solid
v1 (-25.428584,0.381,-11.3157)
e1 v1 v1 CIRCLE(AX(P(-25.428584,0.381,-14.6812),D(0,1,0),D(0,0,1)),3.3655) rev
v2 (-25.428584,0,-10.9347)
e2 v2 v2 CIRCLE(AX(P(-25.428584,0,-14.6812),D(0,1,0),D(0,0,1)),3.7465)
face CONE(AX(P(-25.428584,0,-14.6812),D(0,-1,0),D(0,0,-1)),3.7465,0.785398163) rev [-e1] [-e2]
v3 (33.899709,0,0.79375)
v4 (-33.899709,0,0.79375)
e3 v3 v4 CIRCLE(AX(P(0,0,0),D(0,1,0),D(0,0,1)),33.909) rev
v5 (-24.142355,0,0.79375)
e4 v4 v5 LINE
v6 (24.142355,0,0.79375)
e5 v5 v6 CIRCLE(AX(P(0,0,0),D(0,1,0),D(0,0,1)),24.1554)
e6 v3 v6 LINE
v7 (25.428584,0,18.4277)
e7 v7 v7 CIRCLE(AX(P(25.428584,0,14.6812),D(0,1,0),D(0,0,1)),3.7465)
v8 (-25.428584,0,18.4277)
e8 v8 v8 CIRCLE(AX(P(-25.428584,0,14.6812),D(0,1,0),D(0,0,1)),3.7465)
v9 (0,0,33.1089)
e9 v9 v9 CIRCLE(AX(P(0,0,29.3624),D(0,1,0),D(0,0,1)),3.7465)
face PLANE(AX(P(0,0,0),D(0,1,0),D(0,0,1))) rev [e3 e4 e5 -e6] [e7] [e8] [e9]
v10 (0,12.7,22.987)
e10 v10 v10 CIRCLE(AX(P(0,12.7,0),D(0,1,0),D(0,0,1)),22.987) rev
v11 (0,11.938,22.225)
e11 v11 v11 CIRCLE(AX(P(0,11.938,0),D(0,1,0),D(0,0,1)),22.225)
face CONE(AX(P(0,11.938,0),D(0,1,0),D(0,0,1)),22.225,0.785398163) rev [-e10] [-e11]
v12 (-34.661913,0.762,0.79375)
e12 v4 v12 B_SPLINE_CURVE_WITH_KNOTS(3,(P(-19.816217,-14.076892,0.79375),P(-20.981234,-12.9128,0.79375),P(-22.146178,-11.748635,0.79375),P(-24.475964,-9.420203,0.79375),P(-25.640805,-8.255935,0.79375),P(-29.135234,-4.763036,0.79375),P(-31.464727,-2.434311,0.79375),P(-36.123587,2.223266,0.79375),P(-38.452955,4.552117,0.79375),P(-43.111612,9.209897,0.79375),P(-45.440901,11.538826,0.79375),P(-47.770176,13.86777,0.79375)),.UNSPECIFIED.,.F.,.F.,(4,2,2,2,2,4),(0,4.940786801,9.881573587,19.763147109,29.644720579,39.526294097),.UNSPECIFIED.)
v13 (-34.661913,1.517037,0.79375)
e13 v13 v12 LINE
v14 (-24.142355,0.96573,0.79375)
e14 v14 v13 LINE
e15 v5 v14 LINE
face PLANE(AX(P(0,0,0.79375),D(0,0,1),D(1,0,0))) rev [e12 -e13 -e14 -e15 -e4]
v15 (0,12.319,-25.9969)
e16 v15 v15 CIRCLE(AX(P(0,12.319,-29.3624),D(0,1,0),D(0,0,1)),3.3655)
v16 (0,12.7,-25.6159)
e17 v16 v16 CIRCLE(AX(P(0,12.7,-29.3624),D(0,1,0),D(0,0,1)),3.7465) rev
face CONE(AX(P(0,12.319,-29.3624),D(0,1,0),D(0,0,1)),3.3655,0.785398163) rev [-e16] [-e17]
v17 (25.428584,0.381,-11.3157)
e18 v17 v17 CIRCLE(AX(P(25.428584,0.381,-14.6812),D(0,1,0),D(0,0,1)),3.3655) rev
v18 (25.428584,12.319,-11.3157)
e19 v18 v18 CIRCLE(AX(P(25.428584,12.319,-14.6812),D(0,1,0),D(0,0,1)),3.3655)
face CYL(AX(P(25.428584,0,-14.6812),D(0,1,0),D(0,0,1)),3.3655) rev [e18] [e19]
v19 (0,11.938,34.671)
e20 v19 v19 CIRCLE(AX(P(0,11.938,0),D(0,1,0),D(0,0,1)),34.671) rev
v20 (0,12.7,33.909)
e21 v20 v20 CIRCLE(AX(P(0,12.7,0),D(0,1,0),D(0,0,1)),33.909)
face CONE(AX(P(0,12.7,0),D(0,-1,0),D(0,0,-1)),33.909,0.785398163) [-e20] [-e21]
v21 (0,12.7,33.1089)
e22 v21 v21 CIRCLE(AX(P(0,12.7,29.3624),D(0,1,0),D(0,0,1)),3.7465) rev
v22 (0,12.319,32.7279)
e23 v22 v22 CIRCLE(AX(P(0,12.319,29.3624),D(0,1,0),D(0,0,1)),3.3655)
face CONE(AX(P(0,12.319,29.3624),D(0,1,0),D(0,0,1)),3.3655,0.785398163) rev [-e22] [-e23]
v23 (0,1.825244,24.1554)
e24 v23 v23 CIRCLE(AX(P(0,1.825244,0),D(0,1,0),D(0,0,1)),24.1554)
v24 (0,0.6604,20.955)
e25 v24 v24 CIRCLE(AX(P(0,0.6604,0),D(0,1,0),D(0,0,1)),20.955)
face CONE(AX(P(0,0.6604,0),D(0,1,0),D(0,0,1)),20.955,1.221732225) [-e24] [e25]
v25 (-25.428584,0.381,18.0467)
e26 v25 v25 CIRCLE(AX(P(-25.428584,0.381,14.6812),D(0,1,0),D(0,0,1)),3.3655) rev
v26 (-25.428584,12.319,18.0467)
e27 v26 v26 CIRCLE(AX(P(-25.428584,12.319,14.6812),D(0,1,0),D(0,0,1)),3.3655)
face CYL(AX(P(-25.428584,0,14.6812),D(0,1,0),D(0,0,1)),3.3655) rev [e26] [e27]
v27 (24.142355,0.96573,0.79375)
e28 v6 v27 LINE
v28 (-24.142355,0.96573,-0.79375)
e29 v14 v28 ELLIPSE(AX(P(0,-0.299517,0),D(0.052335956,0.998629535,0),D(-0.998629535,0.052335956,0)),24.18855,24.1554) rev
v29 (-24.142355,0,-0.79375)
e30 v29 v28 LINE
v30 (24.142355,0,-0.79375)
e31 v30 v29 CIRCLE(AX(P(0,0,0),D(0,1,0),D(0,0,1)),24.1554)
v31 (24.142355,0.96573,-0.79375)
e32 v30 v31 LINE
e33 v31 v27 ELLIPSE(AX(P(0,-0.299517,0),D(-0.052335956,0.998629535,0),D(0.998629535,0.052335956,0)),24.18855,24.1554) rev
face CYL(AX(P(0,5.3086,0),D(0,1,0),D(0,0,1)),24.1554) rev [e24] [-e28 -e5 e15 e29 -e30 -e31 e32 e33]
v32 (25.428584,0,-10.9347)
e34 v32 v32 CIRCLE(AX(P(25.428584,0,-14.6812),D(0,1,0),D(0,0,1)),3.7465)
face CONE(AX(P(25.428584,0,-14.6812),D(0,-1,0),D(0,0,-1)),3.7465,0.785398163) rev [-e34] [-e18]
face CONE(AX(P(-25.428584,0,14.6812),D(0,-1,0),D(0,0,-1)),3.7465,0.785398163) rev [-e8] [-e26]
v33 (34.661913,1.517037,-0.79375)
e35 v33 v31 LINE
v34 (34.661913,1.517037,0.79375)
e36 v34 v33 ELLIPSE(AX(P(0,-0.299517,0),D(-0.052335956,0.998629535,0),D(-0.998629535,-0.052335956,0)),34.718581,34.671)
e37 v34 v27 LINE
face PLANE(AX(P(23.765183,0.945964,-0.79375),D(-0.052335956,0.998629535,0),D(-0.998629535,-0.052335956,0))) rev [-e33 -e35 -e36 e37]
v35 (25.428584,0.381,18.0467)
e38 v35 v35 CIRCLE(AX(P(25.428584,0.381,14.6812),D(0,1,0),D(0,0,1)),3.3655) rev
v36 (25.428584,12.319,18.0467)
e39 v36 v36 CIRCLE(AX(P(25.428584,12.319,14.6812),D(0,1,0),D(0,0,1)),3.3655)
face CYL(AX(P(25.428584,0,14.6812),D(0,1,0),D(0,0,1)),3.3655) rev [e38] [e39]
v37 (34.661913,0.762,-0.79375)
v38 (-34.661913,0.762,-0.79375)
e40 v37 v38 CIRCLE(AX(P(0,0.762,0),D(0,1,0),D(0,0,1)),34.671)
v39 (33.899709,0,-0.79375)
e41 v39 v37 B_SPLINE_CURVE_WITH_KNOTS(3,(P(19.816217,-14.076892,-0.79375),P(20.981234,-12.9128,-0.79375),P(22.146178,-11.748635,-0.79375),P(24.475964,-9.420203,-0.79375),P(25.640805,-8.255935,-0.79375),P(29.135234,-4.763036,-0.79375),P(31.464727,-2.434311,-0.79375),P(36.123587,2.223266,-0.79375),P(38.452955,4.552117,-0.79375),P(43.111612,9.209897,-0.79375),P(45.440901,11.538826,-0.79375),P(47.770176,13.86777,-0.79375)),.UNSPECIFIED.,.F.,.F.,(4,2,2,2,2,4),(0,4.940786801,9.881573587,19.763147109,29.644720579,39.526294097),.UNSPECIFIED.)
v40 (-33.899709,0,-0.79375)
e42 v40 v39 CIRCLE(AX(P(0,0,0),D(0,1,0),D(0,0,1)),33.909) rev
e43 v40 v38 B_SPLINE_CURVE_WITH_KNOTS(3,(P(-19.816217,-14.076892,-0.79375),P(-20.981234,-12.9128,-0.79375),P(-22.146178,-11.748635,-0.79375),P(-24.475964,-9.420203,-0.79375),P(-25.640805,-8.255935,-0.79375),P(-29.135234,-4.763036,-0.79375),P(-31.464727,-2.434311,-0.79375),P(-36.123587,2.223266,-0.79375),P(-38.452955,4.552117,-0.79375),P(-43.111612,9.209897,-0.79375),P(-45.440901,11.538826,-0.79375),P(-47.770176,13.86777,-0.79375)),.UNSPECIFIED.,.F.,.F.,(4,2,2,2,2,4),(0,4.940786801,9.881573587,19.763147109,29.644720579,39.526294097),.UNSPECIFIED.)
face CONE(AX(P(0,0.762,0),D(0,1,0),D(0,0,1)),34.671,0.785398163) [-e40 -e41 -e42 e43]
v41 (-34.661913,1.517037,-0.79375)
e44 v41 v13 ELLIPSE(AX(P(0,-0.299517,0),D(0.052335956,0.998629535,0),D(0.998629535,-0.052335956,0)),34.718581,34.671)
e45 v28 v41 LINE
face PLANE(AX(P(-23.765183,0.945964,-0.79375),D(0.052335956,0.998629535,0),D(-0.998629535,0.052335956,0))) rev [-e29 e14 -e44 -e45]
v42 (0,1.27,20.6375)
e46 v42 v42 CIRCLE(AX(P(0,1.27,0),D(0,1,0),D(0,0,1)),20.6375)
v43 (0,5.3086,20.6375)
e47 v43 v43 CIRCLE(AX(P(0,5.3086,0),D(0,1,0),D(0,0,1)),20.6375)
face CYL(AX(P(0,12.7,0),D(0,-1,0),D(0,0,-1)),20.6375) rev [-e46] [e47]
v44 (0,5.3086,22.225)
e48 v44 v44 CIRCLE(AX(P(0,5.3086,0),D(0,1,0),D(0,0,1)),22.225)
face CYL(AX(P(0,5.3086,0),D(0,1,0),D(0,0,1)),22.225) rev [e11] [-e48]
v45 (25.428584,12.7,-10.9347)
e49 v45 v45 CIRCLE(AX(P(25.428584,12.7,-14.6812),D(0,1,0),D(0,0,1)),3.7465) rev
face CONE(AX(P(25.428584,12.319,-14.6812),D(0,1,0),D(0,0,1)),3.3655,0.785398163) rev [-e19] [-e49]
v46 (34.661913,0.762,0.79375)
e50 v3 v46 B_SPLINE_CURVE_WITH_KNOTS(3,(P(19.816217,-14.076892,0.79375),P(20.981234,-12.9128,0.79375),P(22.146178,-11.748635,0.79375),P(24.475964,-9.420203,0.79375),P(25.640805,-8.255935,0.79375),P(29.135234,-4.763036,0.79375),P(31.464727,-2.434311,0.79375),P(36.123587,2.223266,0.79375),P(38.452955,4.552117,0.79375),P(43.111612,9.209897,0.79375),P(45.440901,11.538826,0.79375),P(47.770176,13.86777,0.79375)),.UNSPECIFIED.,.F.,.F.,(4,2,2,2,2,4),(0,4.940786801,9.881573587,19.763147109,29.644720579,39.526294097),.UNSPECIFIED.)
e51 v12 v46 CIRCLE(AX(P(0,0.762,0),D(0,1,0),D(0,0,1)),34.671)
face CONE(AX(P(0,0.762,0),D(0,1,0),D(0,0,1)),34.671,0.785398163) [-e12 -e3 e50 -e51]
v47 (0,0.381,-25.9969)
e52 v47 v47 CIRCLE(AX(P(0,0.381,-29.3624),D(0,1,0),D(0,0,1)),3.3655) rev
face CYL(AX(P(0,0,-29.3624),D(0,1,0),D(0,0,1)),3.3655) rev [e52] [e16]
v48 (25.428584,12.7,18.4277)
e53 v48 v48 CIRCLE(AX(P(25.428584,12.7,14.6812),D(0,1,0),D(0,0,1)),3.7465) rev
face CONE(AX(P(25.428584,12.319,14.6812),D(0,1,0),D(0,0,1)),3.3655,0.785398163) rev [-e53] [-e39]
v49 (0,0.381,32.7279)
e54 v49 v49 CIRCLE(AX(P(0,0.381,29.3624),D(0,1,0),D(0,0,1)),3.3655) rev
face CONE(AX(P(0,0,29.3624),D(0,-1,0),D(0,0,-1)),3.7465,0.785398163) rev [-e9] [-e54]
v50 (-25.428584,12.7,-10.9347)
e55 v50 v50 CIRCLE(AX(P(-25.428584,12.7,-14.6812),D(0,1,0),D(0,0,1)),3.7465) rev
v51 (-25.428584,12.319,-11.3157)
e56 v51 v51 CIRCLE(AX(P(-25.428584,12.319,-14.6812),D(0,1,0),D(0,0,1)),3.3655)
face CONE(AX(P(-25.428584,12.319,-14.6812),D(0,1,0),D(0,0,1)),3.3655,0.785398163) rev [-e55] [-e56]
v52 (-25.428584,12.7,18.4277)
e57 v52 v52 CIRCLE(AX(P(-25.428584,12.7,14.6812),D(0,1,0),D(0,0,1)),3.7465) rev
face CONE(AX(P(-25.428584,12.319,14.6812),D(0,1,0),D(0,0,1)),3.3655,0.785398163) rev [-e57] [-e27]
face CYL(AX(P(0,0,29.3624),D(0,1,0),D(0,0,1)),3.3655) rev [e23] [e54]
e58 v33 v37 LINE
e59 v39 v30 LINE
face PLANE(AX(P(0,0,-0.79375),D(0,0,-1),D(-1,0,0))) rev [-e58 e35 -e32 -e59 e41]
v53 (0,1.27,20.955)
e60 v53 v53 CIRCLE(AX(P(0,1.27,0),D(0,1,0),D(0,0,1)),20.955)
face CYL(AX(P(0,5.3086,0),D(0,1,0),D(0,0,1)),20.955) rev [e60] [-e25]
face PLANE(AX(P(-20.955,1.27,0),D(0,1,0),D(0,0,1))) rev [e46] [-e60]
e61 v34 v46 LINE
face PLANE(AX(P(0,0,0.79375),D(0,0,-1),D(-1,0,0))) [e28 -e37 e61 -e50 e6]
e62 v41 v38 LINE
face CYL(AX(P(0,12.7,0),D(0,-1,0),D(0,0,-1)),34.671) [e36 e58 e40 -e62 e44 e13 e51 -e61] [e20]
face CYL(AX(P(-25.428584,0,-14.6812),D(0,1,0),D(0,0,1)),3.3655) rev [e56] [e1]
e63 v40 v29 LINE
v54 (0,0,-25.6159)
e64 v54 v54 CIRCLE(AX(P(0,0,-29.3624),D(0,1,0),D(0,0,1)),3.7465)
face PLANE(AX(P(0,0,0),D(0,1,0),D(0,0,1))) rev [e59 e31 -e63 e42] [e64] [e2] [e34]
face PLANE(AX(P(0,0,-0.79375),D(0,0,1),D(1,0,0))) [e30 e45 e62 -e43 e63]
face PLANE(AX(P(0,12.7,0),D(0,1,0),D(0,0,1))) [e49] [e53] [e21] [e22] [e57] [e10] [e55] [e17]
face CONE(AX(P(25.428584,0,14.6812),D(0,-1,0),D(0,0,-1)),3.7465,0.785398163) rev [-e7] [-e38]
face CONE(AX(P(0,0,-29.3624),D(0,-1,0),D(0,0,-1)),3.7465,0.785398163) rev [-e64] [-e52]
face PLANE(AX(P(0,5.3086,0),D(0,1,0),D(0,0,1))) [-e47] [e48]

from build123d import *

# Parameters (mm, degrees)
SKETCH1_R                    = 34.671
SKETCH1_R_2                  = 20.6375
BOSS_EXTRUDE1_DEPTH          = 12.7
SKETCH2_R                    = 22.225
CUT_EXTRUDE1_DEPTH           = 7.3914
CHAMFER1_SIZE                = 0.762
SKETCH4_R                    = 3.3655
CUT_EXTRUDE2_DEPTH           = 13.7
CHAMFER2_SIZE                = 0.381
CIRPATTERN1_COUNT            = 6
CHAMFER2_OF_CIRPATTERN1_SIZE = 0.381
CUT_EXTRUDE3_DEPTH           = 0.79375


with BuildPart() as part:
    # Sketch1 → Boss-Extrude1 (new body)
    with BuildSketch(Plane(origin=(0, 0, 0), x_dir=(1, 0, 0), z_dir=(0, 1, 0))):
        Circle(SKETCH1_R)
        Circle(SKETCH1_R_2, mode=Mode.SUBTRACT)
    extrude(amount=BOSS_EXTRUDE1_DEPTH)

    # Sketch2 → Cut-Extrude1 (cut)
    with BuildSketch(Plane(origin=(0, 12.7, 0), x_dir=(1, 0, 0), z_dir=(0, 1, 0))):
        Circle(SKETCH2_R)
    extrude(amount=-CUT_EXTRUDE1_DEPTH, mode=Mode.SUBTRACT)

    # Chamfer1
    chamfer1_edges = [part.edges().sort_by_distance(p)[0] for p in [
        (-22.225, 12.7, 0),
        (-34.671, 0, 0),
        (-34.671, 12.7, 0),
    ]]
    chamfer(chamfer1_edges, length=CHAMFER1_SIZE)

    # Sketch3 → Cut-Revolve1 (revolve, cut)
    with BuildSketch(Plane.XY):
        Polygon((-24.1554, 0), (-24.1554, 1.825244), (-20.955, 0.6604), (-20.955, 1.27), (0, 1.27), (0, 0), align=None)
    revolve(axis=Axis((0, 12.7, 0), (0, -1, 0)), mode=Mode.SUBTRACT)

    # Sketch4 → Cut-Extrude2 (cut, through all)
    with BuildSketch(Plane(origin=(0, 12.7, 0), x_dir=(1, 0, 0), z_dir=(0, 1, 0))):
        with Locations((0, 29.3624)):
            Circle(SKETCH4_R)
    cut_extrude2 = extrude(amount=-CUT_EXTRUDE2_DEPTH, mode=Mode.SUBTRACT)

    # Chamfer2
    chamfer2_edges = [part.edges().sort_by_distance(p)[0] for p in [
        (-3.3655, 0, -29.3624),
        (-3.3655, 12.7, -29.3624),
    ]]
    chamfer(chamfer2_edges, length=CHAMFER2_SIZE)

    # CirPattern1: Cut-Extrude2 ×6 about axis
    cirpattern1_axis = Axis((0, 0, 0), (0, 1, 0))
    for i in range(1, CIRPATTERN1_COUNT):
        add(cut_extrude2.rotate(cirpattern1_axis, i * 360 / CIRPATTERN1_COUNT), mode=Mode.SUBTRACT)

    # Chamfer2 of CirPattern1
    chamfer2_of_cirpattern1_edges = [part.edges().sort_by_distance(p)[0] for p in [
        (-27.111334316, 0, -11.766591504),
        (-27.111334316, 12.7, -11.766591504),
        (-23.745834316, 0, 17.595808496),
        (-23.745834316, 12.7, 17.595808496),
        (3.3655, 0, 29.3624),
        (3.3655, 12.7, 29.3624),
        (27.111334316, 0, 11.766591504),
        (27.111334316, 12.7, 11.766591504),
        (23.745834316, 0, -17.595808496),
        (23.745834316, 12.7, -17.595808496),
    ]]
    chamfer(chamfer2_of_cirpattern1_edges, length=CHAMFER2_OF_CIRPATTERN1_SIZE)

    # Sketch5 → Cut-Extrude3 (cut, symmetric)
    with BuildSketch(Plane.XY):
        Polygon((-23.765182704, 0.94596365), (-35.869388854, 1.580318214), (-35.869388854, -0.2995168), (-23.765182704, -0.2995168), align=None)
        Polygon((23.765182704, 0.94596365), (23.765182704, -0.2995168), (35.869388854, -0.2995168), (35.869388854, 1.580318214), align=None)
    extrude(amount=CUT_EXTRUDE3_DEPTH, both=True, mode=Mode.SUBTRACT)


solid = part.part
